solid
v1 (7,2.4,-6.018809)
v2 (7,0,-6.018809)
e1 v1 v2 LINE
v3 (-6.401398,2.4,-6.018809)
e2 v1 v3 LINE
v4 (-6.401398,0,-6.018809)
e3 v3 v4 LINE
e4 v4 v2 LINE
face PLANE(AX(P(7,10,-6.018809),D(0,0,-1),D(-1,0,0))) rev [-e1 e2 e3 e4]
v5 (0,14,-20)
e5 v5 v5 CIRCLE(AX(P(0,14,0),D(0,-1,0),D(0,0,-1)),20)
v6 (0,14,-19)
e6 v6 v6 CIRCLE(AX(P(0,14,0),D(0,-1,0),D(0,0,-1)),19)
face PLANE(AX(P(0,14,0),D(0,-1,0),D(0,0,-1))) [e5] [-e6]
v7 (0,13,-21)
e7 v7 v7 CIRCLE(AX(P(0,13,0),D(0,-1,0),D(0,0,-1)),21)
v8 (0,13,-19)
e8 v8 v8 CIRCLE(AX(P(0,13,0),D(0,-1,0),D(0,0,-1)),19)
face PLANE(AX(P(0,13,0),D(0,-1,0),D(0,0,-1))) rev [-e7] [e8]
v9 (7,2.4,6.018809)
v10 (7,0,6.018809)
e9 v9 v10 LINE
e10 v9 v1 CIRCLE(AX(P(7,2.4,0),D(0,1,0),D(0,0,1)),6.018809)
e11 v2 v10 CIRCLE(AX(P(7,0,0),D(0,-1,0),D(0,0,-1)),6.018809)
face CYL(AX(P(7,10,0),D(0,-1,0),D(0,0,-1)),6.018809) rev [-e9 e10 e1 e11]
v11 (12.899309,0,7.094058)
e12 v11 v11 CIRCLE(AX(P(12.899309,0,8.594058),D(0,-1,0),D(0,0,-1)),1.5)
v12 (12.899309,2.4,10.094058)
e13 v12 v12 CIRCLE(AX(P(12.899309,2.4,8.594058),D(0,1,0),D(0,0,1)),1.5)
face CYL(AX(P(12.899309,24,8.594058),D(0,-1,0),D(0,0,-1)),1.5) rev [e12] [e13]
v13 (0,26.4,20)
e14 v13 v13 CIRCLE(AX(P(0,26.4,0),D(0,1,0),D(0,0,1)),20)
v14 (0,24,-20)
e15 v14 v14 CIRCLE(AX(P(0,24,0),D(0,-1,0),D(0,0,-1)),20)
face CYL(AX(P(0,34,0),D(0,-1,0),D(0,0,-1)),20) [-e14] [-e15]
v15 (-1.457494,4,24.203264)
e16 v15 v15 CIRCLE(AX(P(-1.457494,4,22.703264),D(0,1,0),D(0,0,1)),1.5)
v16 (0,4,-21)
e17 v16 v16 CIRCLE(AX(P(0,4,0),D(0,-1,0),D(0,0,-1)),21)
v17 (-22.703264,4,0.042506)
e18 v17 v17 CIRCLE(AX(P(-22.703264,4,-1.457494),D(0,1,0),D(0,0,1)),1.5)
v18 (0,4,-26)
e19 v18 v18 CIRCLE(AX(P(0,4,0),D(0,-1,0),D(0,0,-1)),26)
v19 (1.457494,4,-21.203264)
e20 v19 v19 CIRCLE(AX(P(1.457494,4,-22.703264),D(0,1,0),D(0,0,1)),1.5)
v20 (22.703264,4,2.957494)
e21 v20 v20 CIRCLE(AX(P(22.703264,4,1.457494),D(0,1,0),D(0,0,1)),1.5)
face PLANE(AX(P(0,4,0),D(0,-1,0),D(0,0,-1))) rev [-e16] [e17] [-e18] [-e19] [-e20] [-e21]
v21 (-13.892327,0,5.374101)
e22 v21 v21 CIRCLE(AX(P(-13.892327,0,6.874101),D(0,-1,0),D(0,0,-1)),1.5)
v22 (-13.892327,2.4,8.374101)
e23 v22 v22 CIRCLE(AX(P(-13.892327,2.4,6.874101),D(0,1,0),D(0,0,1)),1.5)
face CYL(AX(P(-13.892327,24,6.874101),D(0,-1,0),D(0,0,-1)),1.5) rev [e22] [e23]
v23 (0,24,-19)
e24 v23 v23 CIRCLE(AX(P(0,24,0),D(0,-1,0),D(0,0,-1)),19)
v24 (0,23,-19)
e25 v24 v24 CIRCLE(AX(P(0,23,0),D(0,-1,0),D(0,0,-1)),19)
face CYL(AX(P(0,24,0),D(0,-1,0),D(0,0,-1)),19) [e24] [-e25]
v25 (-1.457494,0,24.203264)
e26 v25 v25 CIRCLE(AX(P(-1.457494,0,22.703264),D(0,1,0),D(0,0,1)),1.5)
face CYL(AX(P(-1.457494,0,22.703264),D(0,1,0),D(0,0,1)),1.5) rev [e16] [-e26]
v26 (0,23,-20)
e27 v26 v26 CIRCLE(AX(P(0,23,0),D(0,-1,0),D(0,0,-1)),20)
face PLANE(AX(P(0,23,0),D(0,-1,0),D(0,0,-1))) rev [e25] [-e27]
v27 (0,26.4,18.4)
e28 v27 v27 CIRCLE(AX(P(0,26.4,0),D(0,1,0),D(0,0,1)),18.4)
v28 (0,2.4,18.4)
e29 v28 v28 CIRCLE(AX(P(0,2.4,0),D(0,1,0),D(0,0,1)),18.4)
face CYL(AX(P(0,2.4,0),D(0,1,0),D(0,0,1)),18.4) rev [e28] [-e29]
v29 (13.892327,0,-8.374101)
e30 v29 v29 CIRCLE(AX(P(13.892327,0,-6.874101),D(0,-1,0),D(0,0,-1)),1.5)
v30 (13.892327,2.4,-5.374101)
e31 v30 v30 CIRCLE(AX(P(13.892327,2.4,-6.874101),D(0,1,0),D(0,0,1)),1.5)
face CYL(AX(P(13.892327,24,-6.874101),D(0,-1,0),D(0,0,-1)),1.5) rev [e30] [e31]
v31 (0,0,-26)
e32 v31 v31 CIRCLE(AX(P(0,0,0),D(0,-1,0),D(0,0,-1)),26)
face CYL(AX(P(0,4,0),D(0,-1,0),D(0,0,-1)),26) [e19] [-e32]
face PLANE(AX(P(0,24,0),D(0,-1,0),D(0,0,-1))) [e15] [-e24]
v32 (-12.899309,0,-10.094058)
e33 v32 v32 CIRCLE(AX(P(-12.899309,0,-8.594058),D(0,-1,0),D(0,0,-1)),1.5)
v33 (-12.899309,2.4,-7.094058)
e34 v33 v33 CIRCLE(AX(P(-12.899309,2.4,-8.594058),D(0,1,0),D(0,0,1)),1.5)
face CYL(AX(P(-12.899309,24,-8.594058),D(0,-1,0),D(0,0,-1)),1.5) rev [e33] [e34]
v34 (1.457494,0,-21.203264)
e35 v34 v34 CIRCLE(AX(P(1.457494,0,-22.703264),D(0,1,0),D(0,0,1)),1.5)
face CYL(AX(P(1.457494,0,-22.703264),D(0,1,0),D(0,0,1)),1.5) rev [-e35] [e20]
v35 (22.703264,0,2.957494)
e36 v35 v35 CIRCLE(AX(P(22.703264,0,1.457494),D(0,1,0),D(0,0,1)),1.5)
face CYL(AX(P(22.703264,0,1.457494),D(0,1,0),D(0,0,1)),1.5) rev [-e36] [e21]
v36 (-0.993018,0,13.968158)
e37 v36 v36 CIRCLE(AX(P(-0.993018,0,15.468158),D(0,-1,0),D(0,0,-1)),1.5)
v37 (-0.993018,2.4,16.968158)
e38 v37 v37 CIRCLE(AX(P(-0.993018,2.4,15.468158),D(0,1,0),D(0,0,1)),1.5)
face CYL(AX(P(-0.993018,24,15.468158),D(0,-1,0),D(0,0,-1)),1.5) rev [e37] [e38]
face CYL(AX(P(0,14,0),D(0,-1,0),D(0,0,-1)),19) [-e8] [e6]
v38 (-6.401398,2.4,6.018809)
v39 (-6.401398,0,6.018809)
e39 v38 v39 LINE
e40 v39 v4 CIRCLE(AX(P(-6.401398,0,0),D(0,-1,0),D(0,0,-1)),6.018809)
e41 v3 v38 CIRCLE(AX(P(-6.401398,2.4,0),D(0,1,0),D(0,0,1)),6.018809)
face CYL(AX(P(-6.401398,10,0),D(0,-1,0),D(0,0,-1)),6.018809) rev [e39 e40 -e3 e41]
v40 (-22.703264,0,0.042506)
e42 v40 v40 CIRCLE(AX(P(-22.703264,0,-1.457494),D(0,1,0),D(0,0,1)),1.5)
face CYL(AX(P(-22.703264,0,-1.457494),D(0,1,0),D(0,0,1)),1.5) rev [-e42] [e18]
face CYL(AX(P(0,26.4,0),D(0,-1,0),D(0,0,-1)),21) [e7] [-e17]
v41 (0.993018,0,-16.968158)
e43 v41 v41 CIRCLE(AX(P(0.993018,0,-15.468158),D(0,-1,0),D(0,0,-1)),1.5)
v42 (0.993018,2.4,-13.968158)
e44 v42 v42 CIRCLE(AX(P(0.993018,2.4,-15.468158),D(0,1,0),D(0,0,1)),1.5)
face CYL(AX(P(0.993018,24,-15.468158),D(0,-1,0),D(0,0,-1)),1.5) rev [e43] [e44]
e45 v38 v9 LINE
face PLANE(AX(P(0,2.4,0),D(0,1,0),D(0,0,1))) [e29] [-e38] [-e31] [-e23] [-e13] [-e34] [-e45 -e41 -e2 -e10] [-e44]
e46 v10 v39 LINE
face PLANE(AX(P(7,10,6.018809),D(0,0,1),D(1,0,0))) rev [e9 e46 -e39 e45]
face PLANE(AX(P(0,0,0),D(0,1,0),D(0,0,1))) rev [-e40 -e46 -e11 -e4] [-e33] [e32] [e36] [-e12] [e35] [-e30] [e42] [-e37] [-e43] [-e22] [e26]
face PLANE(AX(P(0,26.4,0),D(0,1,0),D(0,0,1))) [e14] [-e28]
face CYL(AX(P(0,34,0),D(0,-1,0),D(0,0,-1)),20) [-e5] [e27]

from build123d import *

# Parameters (mm, degrees)
SKETCH_1_R           = 21
EXTRUDE_2_DEPTH      = 26.4
SKETCH_10_R          = 18.4
CUT_EXTRUDE_5_DEPTH  = 24
SKETCH_11_R          = 1.5
CUT_EXTRUDE_6_DEPTH  = 24
EXTRUDE_START        = 4
SKETCH_13_R          = 24.5
SKETCH_13_R_2        = 21
EXTRUDE_4_DEPTH      = 4
SKETCH_14_R          = 1.5
CUT_EXTRUDE_7_DEPTH  = 4
SKETCH_16_R          = 21
SKETCH_16_R_2        = 19
CUT_EXTRUDE_10_DEPTH = 1
SKETCH_27_R          = 21
SKETCH_27_R_2        = 20
CUT_EXTRUDE_14_DEPTH = 20
SKETCH_29_R          = 20
SKETCH_29_R_2        = 19
CUT_EXTRUDE_15_DEPTH = 1
CUT_EXTRUDE_16_DEPTH = 10
SKETCH_32_R          = 26
SKETCH_32_R_2        = 24.5
EXTRUDE_5_DEPTH      = 4


with BuildPart() as part:
    # 草图1 → 凸台-拉伸2 (new body)
    with BuildSketch(Plane(origin=(0, 0, 0), x_dir=(1, 0, 0), z_dir=(0, 1, 0))):
        with Locations(Location((0, 0, 0), (0, 0, 270))):
            Circle(SKETCH_1_R)
    extrude(amount=EXTRUDE_2_DEPTH)

    # 草图10 → 切除-拉伸5 (cut)
    with BuildSketch(Plane(origin=(0, 26.4, 0), x_dir=(1, 0, 0), z_dir=(0, 1, 0))):
        with Locations(Location((0, 0, 0), (0, 0, 270))):
            Circle(SKETCH_10_R)
    extrude(amount=-CUT_EXTRUDE_5_DEPTH, mode=Mode.SUBTRACT)

    # 草图11 → 切除-拉伸6 (cut)
    with BuildSketch(Plane.XZ):
        with Locations(Location((-0.993017559, 15.468158136, 0), (0, 0, 270))):
            Circle(SKETCH_11_R)
        with Locations(Location((12.899309116, 8.594057501, 0), (0, 0, 270))):
            Circle(SKETCH_11_R)
        with Locations(Location((13.892326675, -6.874100635, 0), (0, 0, 270))):
            Circle(SKETCH_11_R)
        with Locations(Location((0.993017559, -15.468158136, 0), (0, 0, 270))):
            Circle(SKETCH_11_R)
        with Locations(Location((-12.899309116, -8.594057501, 0), (0, 0, 270))):
            Circle(SKETCH_11_R)
        with Locations(Location((-13.892326675, 6.874100635, 0), (0, 0, 270))):
            Circle(SKETCH_11_R)
    extrude(amount=-CUT_EXTRUDE_6_DEPTH, mode=Mode.SUBTRACT)

    # 草图13 → 凸台-拉伸4 (add)
    with BuildSketch(Plane(origin=(0, 4, 0), x_dir=(-1, 0, 0), z_dir=(0, -1, 0)).offset(EXTRUDE_START)):
        with Locations(Location((0, 0, 0), (0, 0, 90))):
            Circle(SKETCH_13_R)
        with Locations(Location((0, 0, 0), (0, 0, 90))):
            Circle(SKETCH_13_R_2, mode=Mode.SUBTRACT)
    extrude(amount=-EXTRUDE_4_DEPTH)

    # 草图14 → 切除-拉伸7 (cut)
    with BuildSketch(Plane(origin=(0, 4, 0), x_dir=(1, 0, 0), z_dir=(0, 1, 0))):
        with Locations(Location((1.457493515, 22.703264361, 0), (0, 0, 270))):
            Circle(SKETCH_14_R)
        with Locations(Location((22.703264361, -1.457493515, 0), (0, 0, 270))):
            Circle(SKETCH_14_R)
        with Locations(Location((-1.457493515, -22.703264361, 0), (0, 0, 270))):
            Circle(SKETCH_14_R)
        with Locations(Location((-22.703264361, 1.457493515, 0), (0, 0, 270))):
            Circle(SKETCH_14_R)
    extrude(amount=-CUT_EXTRUDE_7_DEPTH, mode=Mode.SUBTRACT)

    # 草图16 → 切除-拉伸10 (cut)
    with BuildSketch(Plane(origin=(0, 13, 0), x_dir=(-1, 0, 0), z_dir=(0, -1, 0))):
        with Locations(Location((0, 0, 0), (0, 0, 90))):
            Circle(SKETCH_16_R)
        with Locations(Location((0, 0, 0), (0, 0, 90))):
            Circle(SKETCH_16_R_2, mode=Mode.SUBTRACT)
    extrude(amount=-CUT_EXTRUDE_10_DEPTH, mode=Mode.SUBTRACT)

    # 草图27 → 切除-拉伸14 (cut)
    with BuildSketch(Plane.XZ.offset(-14)):
        with Locations(Location((0, 0, 0), (0, 0, 270))):
            Circle(SKETCH_27_R)
        with Locations(Location((0, 0, 0), (0, 0, 270))):
            Circle(SKETCH_27_R_2, mode=Mode.SUBTRACT)
    extrude(amount=-CUT_EXTRUDE_14_DEPTH, mode=Mode.SUBTRACT)

    # 草图29 → 切除-拉伸15 (cut)
    with BuildSketch(Plane(origin=(0, 23, 0), x_dir=(-1, 0, 0), z_dir=(0, -1, 0))):
        with Locations(Location((0, 0, 0), (0, 0, 90))):
            Circle(SKETCH_29_R)
        with Locations(Location((0, 0, 0), (0, 0, 90))):
            Circle(SKETCH_29_R_2, mode=Mode.SUBTRACT)
    extrude(amount=-CUT_EXTRUDE_15_DEPTH, mode=Mode.SUBTRACT)

    # 草图31 → 切除-拉伸16 (cut)
    with BuildSketch(Plane.XZ):
        with BuildLine():
            Line((7, -6.018809273), (-6.401397723, -6.018809273))
            ThreePointArc((-6.401397723, -6.018809273), (-12.420206996, 0), (-6.401397723, 6.018809273))
            Line((-6.401397723, 6.018809273), (7, 6.018809273))
            ThreePointArc((7, 6.018809273), (13.018809273, 0), (7, -6.018809273))
        make_face()
    extrude(amount=-CUT_EXTRUDE_16_DEPTH, mode=Mode.SUBTRACT)

    # 草图32 → 凸台-拉伸5 (add)
    with BuildSketch(Plane.XZ):
        with Locations(Location((0, 0, 0), (0, 0, 270))):
            Circle(SKETCH_32_R)
        Circle(SKETCH_32_R_2, mode=Mode.SUBTRACT)
    extrude(amount=-EXTRUDE_5_DEPTH)


solid = part.part
